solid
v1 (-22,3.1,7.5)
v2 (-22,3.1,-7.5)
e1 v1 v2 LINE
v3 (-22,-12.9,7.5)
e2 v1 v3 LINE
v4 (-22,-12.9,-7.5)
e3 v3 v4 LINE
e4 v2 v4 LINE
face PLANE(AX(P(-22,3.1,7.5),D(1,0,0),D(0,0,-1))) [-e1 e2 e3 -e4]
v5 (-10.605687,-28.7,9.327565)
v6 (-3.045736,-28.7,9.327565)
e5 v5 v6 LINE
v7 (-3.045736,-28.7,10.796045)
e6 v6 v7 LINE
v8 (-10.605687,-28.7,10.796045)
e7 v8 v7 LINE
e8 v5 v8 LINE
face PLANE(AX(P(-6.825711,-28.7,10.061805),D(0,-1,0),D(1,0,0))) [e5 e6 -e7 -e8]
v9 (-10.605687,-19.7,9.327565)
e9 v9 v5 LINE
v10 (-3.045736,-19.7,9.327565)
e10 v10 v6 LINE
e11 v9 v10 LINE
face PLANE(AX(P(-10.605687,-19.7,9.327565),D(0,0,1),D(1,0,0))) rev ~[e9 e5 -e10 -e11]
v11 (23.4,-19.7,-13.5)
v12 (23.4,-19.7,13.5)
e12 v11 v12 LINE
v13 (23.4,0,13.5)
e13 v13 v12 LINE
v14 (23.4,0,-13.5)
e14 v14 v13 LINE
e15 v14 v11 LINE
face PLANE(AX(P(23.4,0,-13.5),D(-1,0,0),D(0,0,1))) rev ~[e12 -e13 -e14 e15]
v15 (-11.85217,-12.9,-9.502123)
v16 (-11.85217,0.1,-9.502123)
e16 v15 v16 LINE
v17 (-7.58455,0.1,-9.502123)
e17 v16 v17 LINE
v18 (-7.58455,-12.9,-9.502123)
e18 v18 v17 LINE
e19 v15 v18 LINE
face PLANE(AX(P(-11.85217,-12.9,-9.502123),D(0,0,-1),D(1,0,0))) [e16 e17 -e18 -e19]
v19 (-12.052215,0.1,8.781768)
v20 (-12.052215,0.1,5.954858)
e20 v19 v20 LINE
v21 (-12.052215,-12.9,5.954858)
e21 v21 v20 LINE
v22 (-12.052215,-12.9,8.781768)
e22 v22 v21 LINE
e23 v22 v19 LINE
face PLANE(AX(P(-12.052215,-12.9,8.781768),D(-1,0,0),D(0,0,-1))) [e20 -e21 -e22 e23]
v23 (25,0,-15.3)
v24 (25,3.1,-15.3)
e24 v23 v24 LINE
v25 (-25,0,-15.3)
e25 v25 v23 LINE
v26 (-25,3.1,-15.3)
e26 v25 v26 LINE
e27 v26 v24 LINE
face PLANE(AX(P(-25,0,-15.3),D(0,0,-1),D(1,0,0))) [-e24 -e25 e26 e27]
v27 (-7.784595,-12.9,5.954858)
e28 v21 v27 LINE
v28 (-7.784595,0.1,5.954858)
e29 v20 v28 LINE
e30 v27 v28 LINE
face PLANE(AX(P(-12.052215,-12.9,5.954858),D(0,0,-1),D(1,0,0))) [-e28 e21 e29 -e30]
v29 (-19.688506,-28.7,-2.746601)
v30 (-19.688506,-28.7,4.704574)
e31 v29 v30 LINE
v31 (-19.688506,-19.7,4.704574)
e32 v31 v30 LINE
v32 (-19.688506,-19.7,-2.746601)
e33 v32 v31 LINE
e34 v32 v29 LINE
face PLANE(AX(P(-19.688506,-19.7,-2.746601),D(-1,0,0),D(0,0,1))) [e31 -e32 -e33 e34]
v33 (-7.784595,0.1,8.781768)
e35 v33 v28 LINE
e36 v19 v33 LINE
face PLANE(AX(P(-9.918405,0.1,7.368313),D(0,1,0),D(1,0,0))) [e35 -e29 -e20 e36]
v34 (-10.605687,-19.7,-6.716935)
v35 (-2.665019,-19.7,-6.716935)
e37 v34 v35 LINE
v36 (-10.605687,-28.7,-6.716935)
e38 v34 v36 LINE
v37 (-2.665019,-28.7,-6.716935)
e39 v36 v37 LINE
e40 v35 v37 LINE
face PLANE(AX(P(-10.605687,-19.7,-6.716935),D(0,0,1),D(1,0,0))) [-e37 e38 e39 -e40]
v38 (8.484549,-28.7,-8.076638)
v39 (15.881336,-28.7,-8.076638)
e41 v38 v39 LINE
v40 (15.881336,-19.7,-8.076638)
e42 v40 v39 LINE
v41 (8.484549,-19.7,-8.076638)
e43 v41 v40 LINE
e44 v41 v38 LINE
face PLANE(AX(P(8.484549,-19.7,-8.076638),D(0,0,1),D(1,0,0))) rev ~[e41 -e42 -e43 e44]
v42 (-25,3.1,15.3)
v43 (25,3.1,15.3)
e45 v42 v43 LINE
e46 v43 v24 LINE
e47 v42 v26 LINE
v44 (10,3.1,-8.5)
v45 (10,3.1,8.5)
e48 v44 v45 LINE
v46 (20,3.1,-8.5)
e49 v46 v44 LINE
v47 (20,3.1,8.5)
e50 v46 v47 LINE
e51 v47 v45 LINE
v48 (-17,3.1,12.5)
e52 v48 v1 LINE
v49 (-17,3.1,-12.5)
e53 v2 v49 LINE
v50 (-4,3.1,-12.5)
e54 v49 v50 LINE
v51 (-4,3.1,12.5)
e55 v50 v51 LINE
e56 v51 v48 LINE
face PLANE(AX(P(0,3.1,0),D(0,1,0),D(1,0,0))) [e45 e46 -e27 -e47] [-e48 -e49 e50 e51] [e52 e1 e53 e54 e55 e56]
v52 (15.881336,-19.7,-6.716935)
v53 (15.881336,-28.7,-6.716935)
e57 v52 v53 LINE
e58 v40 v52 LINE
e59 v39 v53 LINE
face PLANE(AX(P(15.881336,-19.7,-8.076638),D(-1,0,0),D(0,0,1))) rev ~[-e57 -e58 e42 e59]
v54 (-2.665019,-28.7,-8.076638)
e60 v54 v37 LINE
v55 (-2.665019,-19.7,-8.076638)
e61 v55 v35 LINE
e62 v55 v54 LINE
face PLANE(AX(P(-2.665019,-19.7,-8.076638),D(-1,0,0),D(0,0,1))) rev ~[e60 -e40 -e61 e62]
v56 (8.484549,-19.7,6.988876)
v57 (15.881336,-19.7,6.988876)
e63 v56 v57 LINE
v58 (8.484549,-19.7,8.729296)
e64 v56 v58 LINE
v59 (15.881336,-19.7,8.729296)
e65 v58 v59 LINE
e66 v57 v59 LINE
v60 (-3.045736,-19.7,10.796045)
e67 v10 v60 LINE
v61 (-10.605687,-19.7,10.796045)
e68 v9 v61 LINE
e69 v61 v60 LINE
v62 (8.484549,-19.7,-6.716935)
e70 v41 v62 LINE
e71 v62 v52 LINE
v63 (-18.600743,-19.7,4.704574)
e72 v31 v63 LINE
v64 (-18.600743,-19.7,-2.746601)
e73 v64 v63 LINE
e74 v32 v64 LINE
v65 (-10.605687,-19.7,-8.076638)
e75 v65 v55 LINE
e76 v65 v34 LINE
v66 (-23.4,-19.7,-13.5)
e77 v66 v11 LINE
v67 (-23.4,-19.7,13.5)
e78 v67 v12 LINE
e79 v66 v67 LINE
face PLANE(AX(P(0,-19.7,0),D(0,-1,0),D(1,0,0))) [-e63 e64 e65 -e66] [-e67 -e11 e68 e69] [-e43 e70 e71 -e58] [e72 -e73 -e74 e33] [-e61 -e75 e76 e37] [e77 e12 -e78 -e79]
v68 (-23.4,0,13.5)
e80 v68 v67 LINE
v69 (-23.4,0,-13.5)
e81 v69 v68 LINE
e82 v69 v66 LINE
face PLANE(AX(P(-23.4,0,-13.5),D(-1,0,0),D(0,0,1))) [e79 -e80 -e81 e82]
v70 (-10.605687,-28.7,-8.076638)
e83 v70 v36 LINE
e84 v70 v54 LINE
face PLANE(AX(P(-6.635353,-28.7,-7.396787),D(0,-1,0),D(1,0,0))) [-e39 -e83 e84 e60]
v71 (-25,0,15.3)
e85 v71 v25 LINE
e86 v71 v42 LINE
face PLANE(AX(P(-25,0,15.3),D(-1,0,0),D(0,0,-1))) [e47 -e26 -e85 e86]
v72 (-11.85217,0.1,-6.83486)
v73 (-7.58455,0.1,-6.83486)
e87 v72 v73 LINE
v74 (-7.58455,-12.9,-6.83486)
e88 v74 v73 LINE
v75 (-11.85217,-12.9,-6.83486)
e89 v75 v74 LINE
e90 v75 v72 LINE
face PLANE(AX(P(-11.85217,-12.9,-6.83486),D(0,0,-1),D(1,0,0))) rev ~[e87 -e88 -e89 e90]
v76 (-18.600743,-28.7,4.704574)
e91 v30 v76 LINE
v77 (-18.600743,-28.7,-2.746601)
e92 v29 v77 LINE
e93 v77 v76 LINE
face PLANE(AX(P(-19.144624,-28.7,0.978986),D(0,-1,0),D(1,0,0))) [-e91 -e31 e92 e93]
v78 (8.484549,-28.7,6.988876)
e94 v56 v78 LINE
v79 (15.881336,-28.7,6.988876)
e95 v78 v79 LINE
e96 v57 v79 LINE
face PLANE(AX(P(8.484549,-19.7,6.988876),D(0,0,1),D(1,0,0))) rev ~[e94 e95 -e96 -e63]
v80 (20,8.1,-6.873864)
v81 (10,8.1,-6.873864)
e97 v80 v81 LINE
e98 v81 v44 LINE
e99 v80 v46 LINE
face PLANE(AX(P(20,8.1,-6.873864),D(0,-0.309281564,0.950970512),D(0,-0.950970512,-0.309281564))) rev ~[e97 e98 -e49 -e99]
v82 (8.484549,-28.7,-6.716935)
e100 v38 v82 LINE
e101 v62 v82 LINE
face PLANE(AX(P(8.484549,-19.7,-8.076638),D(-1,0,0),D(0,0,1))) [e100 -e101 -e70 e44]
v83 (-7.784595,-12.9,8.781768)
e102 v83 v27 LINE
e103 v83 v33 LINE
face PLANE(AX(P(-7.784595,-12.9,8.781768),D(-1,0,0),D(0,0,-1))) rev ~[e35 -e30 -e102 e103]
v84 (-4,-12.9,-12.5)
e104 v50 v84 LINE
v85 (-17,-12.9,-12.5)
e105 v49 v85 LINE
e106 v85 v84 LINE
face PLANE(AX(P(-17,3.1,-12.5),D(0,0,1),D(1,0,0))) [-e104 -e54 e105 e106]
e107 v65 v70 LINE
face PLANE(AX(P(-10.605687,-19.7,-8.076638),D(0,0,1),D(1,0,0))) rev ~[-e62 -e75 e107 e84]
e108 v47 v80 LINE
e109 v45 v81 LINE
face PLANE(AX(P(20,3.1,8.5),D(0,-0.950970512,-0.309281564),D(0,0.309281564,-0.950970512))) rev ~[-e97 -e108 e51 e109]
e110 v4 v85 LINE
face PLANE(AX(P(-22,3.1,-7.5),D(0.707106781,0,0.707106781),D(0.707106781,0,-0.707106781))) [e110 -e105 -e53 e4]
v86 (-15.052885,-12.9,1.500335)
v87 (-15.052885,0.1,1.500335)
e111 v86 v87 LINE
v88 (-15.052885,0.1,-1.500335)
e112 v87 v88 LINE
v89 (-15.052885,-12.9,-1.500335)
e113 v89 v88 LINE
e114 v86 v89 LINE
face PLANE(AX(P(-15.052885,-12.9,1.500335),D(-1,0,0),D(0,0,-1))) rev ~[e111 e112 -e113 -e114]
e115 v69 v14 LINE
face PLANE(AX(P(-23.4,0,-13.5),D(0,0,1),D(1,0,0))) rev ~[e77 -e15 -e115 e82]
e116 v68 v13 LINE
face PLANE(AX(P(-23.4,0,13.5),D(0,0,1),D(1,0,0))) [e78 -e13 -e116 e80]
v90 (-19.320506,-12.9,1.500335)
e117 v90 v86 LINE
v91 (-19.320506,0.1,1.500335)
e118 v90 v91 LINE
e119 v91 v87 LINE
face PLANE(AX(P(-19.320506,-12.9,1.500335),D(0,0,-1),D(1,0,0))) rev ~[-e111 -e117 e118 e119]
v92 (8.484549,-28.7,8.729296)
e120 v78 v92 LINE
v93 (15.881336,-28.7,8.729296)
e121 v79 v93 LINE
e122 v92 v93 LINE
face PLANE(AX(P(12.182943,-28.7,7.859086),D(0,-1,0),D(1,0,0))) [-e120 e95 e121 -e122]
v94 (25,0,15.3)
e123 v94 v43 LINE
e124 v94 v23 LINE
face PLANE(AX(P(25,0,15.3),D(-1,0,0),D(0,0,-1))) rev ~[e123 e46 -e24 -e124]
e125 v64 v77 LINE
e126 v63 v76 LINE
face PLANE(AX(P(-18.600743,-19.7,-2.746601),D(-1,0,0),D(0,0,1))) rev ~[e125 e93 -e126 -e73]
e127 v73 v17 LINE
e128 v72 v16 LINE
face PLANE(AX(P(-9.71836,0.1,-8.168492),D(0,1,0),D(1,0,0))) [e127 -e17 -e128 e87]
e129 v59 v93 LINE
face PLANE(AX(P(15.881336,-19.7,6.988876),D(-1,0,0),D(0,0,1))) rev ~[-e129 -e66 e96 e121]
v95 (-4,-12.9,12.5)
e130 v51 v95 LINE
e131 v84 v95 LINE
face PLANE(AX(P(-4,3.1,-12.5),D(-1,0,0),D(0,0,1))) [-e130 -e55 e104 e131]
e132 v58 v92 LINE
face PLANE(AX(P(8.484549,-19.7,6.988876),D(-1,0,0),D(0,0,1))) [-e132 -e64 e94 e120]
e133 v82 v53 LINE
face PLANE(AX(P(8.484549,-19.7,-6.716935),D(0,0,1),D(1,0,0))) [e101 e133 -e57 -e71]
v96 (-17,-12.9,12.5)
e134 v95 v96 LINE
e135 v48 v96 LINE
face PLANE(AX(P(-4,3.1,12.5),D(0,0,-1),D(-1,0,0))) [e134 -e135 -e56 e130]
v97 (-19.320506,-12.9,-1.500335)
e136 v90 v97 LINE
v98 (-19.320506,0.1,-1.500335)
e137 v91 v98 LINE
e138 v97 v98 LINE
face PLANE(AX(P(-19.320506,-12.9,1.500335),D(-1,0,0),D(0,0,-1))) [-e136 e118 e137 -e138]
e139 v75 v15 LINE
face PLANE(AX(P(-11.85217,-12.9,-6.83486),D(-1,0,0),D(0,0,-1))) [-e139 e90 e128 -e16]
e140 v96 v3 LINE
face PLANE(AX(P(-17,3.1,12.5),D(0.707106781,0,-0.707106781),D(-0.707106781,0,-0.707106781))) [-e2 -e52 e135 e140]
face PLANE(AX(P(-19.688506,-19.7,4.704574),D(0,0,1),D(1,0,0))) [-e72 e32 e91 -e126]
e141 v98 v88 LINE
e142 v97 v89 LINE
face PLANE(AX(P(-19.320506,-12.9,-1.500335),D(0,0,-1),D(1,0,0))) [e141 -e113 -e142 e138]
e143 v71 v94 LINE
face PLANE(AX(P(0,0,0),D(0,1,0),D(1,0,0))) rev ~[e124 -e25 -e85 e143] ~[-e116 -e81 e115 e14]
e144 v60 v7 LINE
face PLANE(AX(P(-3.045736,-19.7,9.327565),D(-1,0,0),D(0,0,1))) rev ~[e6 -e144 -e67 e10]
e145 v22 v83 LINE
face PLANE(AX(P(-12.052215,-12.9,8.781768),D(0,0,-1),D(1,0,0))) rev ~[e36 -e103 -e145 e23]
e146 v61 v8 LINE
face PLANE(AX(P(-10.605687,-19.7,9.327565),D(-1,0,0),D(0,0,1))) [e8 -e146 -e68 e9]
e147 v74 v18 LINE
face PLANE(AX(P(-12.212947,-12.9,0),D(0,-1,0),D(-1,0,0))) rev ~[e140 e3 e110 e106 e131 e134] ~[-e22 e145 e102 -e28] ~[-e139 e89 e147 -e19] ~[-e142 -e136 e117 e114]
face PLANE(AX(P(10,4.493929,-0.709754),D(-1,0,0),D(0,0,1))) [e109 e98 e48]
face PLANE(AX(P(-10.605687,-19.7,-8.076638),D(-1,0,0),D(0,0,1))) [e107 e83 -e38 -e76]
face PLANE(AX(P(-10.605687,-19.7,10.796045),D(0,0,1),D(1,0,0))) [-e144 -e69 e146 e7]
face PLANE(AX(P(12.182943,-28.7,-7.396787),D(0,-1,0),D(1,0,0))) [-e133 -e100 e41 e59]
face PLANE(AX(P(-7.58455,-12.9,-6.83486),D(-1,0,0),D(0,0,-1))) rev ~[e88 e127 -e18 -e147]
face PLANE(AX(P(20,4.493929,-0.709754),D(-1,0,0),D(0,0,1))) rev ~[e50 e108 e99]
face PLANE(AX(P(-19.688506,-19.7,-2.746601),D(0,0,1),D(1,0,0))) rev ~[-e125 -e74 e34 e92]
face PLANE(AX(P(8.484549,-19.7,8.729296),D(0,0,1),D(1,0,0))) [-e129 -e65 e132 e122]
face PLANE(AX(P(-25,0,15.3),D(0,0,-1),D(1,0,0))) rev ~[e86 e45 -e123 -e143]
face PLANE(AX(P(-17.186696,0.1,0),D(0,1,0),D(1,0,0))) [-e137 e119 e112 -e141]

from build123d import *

# Parameters (mm, degrees)
SKETCH_1_W          = 50
SKETCH_1_H          = 30.6
EXTRUDE_1_DEPTH     = 3.1
SKETCH_2_W          = 46.8
SKETCH_2_H          = 27
EXTRUDE_2_DEPTH     = 19.7
CUT_EXTRUDE_1_DEPTH = 16
SKETCH_4_W          = 4.267620073
SKETCH_4_H          = 3.000670364
SKETCH_4_W_2        = 4.267620072
SKETCH_4_H_2        = 2.667262545
SKETCH_4_H_3        = 2.826910105
EXTRUDE_3_DEPTH     = 13
EXTRUDE_START       = -5
EXTRUDE_4_DEPTH     = 10
SKETCH_6_W          = 1.087762737
SKETCH_6_H          = 7.451174749
SKETCH_6_W_2        = 7.559951024
SKETCH_6_H_2        = 1.468479696
SKETCH_6_W_3        = 7.940667982
SKETCH_6_H_3        = 1.359703422
SKETCH_6_W_4        = 7.396786613
SKETCH_6_H_4        = 1.74042038
EXTRUDE_5_DEPTH     = 9


with BuildPart() as part:
    # 草图1 → 凸台-拉伸1 (new body)
    with BuildSketch(Plane(origin=(0, 0, 0), x_dir=(1, 0, 0), z_dir=(0, 1, 0))):
        Rectangle(SKETCH_1_W, SKETCH_1_H)
    extrude(amount=EXTRUDE_1_DEPTH)

    # 草图2 → 凸台-拉伸2 (add)
    with BuildSketch(Plane.XZ):
        Rectangle(SKETCH_2_W, SKETCH_2_H)
    extrude(amount=EXTRUDE_2_DEPTH)

    # 草图3 → 切除-拉伸1 (cut)
    with BuildSketch(Plane(origin=(0, 3.1, 0), x_dir=(1, 0, 0), z_dir=(0, 1, 0))):
        Polygon((-17, 12.5), (-4, 12.5), (-4, -12.5), (-17, -12.5), (-22, -7.5), (-22, 7.5), align=None)
    extrude(amount=-CUT_EXTRUDE_1_DEPTH, mode=Mode.SUBTRACT)

    # 草图4 → 凸台-拉伸3 (add)
    with BuildSketch(Plane(origin=(0, -12.9, 0), x_dir=(1, 0, 0), z_dir=(0, 1, 0))):
        with Locations((-17.186695536, 0)):
            Rectangle(SKETCH_4_W, SKETCH_4_H)
        with Locations((-9.718360408, 8.168491546)):
            Rectangle(SKETCH_4_W_2, SKETCH_4_H_2)
        with Locations((-9.918405099, -7.368312782)):
            Rectangle(SKETCH_4_W_2, SKETCH_4_H_3)
    extrude(amount=EXTRUDE_3_DEPTH)

    # 草图5 → 凸台-拉伸4 (add)
    with BuildSketch(Plane(origin=(25, 0, 0), x_dir=(0, 0, -1), z_dir=(1, 0, 0)).offset(EXTRUDE_START)):
        Polygon((-8.5, 3.1), (6.873863542, 8.1), (8.5, 3.1), align=None)
    extrude(amount=-EXTRUDE_4_DEPTH)

    # 草图6 → 凸台-拉伸5 (add)
    with BuildSketch(Plane.XZ.offset(19.7)):
        with Locations((-19.144624175, 0.978986463)):
            Rectangle(SKETCH_6_W, SKETCH_6_H)
        with Locations((-6.825711176, 10.061805319)):
            Rectangle(SKETCH_6_W_2, SKETCH_6_H_2)
        with Locations((-6.635352697, -7.396786613)):
            Rectangle(SKETCH_6_W_3, SKETCH_6_H_3)
        with Locations((12.182942656, 7.859085776)):
            Rectangle(SKETCH_6_W_4, SKETCH_6_H_4)
        with Locations((12.182942656, -7.396786613)):
            Rectangle(SKETCH_6_W_4, SKETCH_6_H_3)
    extrude(amount=EXTRUDE_5_DEPTH)


solid = part.part
